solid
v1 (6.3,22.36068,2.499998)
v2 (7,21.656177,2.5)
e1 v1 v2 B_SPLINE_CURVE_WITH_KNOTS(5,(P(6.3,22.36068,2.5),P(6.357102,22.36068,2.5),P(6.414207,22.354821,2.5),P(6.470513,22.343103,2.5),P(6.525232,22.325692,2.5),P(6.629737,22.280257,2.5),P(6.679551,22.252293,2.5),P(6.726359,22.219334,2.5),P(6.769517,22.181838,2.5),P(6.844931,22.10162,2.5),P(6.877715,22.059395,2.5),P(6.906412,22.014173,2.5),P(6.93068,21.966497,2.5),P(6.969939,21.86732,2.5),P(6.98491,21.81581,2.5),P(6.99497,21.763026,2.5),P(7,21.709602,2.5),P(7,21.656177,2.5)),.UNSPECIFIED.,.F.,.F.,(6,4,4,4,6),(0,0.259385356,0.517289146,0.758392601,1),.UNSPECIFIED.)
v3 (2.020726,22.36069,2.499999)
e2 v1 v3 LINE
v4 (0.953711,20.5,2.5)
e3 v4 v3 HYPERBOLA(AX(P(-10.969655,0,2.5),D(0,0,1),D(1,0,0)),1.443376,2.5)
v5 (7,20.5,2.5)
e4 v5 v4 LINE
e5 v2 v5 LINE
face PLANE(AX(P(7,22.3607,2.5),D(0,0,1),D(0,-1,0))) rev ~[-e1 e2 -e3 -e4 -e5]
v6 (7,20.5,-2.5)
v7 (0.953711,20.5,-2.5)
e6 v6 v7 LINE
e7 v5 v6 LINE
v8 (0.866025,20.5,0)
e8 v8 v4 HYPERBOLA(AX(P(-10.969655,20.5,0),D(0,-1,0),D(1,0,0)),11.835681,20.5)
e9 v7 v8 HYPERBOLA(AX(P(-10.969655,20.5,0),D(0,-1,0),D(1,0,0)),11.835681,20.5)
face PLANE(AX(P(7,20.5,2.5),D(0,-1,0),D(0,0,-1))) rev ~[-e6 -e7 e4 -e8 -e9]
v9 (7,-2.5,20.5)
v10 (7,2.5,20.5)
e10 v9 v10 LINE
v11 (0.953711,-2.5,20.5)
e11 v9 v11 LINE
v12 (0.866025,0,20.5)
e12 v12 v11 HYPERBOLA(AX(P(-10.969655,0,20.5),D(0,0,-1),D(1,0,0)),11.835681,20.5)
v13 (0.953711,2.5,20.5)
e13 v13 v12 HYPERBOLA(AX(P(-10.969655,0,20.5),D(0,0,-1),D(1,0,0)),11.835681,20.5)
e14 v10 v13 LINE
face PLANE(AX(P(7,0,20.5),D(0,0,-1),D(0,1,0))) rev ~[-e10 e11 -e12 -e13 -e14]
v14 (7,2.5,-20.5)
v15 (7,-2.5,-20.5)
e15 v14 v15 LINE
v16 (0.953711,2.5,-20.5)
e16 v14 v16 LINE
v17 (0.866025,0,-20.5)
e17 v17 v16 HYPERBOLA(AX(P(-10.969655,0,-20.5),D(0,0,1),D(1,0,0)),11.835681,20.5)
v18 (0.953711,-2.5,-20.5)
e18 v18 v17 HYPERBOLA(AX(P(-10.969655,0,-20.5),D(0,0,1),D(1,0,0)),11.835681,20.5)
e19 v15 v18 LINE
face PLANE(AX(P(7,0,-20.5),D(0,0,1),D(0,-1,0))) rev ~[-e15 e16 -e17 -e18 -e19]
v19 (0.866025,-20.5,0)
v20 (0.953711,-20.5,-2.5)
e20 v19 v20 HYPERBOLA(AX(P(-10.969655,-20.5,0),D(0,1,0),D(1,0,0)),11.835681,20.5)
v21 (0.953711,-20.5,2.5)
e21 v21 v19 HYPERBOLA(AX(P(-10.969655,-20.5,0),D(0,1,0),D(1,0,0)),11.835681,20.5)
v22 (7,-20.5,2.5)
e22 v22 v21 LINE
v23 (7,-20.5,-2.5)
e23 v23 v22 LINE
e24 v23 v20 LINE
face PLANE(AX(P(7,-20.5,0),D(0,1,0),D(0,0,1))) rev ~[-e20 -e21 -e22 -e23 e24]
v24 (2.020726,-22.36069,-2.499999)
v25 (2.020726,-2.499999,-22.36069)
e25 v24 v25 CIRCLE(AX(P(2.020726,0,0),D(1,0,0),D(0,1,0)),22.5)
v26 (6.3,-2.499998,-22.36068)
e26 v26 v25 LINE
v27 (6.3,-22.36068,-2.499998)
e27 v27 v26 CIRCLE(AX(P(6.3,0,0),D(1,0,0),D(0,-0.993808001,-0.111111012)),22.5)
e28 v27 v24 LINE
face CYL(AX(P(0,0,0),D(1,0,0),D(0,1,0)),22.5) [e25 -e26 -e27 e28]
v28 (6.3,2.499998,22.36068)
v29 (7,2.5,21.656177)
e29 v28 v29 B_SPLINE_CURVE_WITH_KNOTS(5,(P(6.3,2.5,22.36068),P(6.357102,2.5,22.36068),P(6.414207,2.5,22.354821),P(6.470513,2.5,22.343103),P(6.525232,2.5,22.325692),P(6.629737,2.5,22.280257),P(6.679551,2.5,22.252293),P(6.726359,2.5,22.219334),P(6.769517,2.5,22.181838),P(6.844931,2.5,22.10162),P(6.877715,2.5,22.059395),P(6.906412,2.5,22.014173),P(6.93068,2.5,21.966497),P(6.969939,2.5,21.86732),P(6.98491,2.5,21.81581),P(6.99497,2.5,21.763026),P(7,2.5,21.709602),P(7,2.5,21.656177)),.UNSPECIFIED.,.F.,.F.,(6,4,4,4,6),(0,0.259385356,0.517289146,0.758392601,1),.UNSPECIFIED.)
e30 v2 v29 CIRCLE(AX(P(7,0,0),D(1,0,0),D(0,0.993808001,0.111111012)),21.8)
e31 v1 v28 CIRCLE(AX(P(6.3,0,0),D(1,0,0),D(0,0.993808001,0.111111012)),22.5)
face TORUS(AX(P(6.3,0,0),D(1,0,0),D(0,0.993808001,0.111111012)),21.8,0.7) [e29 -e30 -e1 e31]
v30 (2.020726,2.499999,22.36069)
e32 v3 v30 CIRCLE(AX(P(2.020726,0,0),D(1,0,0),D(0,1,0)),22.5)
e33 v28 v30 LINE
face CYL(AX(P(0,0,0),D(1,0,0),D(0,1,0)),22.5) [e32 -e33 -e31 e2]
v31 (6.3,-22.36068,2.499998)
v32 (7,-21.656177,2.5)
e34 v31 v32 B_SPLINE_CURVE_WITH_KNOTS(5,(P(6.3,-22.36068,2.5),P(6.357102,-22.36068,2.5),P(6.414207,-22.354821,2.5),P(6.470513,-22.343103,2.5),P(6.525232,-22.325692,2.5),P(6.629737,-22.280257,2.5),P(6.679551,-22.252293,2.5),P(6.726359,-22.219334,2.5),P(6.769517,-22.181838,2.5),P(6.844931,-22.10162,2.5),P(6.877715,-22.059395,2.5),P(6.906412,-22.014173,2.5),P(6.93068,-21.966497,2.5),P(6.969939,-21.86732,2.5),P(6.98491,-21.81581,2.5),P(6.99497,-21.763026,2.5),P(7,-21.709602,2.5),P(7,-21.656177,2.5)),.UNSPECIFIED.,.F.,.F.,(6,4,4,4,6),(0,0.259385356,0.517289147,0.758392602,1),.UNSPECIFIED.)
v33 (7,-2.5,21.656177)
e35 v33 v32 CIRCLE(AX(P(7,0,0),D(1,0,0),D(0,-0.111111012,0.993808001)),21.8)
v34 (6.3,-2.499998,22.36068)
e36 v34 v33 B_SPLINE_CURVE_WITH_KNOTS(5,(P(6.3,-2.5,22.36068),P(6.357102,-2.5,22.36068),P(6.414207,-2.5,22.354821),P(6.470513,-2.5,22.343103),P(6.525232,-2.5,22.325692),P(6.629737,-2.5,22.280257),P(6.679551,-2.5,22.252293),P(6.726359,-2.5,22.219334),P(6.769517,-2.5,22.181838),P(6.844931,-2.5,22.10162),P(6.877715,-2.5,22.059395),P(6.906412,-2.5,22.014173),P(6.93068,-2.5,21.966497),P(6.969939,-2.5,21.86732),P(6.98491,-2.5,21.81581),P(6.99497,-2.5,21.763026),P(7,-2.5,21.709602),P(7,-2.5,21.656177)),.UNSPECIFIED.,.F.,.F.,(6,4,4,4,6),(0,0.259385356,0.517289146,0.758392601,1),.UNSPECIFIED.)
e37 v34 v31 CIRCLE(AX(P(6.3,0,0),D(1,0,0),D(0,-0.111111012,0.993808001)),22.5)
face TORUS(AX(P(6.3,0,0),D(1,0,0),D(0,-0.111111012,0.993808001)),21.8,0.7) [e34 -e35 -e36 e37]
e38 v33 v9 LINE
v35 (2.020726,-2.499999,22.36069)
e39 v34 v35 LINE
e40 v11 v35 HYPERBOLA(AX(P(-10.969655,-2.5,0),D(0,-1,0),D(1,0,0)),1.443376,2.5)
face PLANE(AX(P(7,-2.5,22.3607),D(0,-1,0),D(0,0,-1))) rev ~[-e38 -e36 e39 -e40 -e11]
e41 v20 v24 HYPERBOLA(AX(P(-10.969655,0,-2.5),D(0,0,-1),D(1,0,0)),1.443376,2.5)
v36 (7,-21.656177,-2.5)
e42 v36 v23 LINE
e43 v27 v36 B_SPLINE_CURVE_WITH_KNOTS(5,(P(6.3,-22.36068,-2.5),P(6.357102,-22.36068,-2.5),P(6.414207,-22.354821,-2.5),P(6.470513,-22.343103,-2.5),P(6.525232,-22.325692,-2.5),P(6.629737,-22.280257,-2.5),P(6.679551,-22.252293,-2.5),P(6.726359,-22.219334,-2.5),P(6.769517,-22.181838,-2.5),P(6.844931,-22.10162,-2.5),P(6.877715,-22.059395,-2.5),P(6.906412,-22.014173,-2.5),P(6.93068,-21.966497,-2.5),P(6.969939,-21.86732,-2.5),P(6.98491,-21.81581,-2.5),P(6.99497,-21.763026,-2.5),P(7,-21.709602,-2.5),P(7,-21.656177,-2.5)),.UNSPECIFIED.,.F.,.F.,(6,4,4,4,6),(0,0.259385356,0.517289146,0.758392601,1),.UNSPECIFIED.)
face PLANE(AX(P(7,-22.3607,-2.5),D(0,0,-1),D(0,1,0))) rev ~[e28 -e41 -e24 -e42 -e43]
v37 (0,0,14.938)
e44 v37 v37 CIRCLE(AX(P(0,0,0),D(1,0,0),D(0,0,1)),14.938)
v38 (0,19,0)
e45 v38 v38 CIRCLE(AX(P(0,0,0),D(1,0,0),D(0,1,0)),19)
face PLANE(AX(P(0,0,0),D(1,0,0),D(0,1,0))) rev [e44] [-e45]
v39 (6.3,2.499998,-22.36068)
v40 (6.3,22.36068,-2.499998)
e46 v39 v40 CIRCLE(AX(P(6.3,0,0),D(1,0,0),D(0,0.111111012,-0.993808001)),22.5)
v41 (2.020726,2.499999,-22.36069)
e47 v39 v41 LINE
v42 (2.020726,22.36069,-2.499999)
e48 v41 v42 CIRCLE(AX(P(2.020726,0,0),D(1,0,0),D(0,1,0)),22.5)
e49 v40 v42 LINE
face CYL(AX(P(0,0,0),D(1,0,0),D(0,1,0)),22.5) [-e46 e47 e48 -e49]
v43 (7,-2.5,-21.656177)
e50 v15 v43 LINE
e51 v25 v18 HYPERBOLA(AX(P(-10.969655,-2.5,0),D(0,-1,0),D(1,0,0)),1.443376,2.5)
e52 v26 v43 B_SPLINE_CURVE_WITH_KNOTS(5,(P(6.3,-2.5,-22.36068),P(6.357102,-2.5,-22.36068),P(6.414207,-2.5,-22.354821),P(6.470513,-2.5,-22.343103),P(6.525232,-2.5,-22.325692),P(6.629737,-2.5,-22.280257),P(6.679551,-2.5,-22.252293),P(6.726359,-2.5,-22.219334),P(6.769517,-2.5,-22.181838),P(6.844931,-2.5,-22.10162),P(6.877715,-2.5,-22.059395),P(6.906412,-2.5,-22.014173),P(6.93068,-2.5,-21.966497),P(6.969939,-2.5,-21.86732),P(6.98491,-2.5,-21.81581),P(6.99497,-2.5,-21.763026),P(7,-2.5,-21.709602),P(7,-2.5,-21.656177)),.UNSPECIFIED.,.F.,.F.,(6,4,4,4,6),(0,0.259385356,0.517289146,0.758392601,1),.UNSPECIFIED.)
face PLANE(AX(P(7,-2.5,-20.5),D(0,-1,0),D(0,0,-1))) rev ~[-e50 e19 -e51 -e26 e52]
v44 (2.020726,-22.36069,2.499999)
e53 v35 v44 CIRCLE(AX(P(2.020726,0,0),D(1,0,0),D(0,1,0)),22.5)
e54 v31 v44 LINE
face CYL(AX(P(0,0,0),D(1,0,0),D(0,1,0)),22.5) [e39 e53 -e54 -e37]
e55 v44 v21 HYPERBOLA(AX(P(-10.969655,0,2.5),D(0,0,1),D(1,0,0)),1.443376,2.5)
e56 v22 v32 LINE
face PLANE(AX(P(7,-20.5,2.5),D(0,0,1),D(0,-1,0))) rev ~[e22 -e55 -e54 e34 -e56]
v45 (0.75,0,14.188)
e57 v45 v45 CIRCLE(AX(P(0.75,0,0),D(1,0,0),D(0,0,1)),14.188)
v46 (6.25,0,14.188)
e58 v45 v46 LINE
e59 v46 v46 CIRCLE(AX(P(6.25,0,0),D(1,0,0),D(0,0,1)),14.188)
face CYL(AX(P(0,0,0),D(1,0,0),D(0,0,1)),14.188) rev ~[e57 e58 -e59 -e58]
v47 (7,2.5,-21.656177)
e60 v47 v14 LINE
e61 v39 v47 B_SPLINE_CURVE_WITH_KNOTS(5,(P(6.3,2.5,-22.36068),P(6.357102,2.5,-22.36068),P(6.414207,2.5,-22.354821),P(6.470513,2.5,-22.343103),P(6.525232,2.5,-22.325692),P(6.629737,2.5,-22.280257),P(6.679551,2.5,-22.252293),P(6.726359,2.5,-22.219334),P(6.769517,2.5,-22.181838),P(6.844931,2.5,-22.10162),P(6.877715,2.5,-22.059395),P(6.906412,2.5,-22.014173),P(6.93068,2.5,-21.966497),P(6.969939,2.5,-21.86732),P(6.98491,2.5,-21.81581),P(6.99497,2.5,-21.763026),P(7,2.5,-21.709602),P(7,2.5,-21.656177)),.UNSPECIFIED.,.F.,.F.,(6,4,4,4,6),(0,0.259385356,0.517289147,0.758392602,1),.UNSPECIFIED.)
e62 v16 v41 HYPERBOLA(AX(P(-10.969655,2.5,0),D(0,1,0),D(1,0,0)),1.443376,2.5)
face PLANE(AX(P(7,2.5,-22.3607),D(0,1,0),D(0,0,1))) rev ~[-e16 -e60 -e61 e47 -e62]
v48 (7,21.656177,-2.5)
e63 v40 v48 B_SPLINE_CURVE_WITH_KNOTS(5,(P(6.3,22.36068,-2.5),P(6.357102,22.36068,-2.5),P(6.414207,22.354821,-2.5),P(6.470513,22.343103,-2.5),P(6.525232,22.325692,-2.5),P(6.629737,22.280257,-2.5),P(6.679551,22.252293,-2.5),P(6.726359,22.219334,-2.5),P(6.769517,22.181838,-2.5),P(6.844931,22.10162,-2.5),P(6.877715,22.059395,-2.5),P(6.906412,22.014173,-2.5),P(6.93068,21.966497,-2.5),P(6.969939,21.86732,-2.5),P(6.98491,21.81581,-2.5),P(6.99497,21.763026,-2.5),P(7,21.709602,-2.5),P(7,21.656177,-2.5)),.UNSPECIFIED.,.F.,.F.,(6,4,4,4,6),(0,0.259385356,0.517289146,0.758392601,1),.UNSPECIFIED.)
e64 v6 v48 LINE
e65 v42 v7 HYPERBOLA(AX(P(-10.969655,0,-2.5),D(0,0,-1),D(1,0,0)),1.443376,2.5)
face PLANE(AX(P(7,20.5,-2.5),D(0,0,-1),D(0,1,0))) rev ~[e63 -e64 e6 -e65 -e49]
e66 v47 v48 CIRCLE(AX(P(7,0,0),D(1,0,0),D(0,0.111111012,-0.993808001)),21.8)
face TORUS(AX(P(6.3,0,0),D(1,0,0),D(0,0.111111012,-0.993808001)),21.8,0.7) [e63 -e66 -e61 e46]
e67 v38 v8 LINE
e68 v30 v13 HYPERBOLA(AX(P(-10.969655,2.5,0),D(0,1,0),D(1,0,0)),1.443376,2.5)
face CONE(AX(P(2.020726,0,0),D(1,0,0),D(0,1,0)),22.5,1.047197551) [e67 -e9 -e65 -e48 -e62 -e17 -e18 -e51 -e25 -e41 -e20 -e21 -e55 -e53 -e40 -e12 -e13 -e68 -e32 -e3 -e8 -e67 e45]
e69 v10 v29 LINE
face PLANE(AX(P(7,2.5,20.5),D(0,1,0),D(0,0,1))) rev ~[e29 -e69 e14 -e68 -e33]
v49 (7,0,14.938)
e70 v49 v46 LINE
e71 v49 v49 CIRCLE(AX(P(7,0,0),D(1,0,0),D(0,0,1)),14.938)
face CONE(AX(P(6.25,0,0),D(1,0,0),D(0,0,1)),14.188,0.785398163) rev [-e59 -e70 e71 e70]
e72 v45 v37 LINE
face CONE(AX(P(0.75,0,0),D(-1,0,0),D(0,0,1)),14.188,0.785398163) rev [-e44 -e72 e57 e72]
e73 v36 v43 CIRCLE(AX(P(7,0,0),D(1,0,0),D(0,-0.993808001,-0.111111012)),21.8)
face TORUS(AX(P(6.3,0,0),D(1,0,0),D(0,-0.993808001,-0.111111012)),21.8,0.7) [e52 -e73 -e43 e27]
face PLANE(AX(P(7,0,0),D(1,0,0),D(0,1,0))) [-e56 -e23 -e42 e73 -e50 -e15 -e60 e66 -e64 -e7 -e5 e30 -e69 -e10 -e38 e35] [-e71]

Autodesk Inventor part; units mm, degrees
ref_plane "YZ Plane" through (0, 0, 0) normal (1, 0, 0) x (0, 1, 0)
ref_plane "XZ Plane" through (0, 0, 0) normal (0, 1, 0) x (-1, 0, 0)
sketch "Sketch1" plane through (0, 0, 0) normal (0, 0, 1) x (1, 0, 0)
  line L0 (0, 0) -> (7, 0)
  line L1 (0, 0) -> (0, 22.5)
  line L2 (0, 22.5) -> (7, 22.5)
  line L3 (7, 22.5) -> (7, 0)
  line L4 (0, 27) -> (0, -4.5) projected
  line L5 (-1.4, 0) -> (8.4, 0) projected
  dimension "d1" = 45
  dimension "d2" = 7
revolve "Body" add sketch "Sketch1" angle 360 about axis through (0, 0, 0) along (1, 0, 0)
sketch "Sketch2" plane through (0, 0, 0) normal (-1, 0, 0) x (0, 0, 1)
  circle A0 centre (0, 0) radius 22.5 projected
  point P0 (0, 0)
hole "Thread" at (0, 0, 0) direction (1, 0, 0) diameter 28.376 end through all thread size "M30x1.5" class "6H" standard "ANSI Metric M Profile"
chamfer "Chamfer1" distance 3.5 angle 30 1 edges at (0, -22.5, 0) measured on face at (0, 19.4769, -2.3649)
sketch "Sketch3" plane through (7, 0, 0) normal (1, 0, 0) x (0, 0, -1)
  circle A0 centre (0, 0) radius 22.5 projected
  line L0 (-2.5, 22.3607) -> (-2.5, 20.5)
  line L1 (-2.5, 20.5) -> (2.5, 20.5)
  line L2 (2.5, 20.5) -> (2.5, 22.3607)
  line L3 (0, -31.5) -> (0, 31.5) projected
  line L4 (-31.5, 0) -> (31.5, 0) projected
  dimension "d12" = 2.5
  dimension "d13" = 2.5
  dimension "d14" = 20.5
extrude "Groove1" cut sketch "Sketch3" against normal through all contours L2 L1 L3 A0 | L3 L1 L0 A0
pattern_circular "Grooves1" count 4 over 360 about axis through (-10, 0, 0) along (1, 0, 0) of "Groove1"
fillet "Fillet1" radius 0.7 4 edges at (7, 15.9099, 15.9099) (7, 15.9099, -15.9099) (7, -15.9099, -15.9099) (7, -15.9099, 15.9099)
chamfer "Chamfer2" distance 0.75 angle 45 1 edges at (7, 0, -14.188) measured on face at (7, 17.4258, 7.9613)
chamfer "Chamfer3" distance 0.75 angle 45 1 edges at (0, 0, -14.188) measured on face at (0, 17.1775, -2.0857)
ref_plane "Work Plane1" through (64.0234, 0, 0) normal (0, 1, 0) x (-1, 0, 0)
equation "\"d1\" = SD2"
equation "\"d2\" = KOH"
equation "\"d12\" = 0.5 * SNB"
equation "\"d13\" = 0.5 * SNB"
equation "\"d14\" = 0.5 * SD2 - SNT"
equation "\"d10\" = -0.5 * LADI + 0.5 * SD2"
equation "\"d11\" = FAWI2"
equation "\"d40\" = -0.5 * LADI + 0.5 * SD2"
equation "\"d18\" = RR"
equation "\"d19\" = 0.025 * NND"
equation "\"d41\" = 0.025 * NND"
equation "\"d21\" = 0.025 * NND"
equation "\"d42\" = 0.025 * NND"
equation "\"KOH\" = 7"
equation "\"SD2\" = 45"
equation "\"SNB\" = 5"
equation "\"SNT\" = 2"
equation "\"LADI\" = 38"
equation "\"RR\" = 0.1 * KOH"
equation "\"FAWI2\" = 30deg"
equation "\"GUL\" = 0.541266 * PTC"
equation "\"TOA\" = 30deg"
equation "\"PTC\" = 1.5"
equation "\"GAL\" = 0.541266 * PTC"
equation "\"NND\" = 30"
properties part number "ANSI/AFBMA Std 8.1 - KM 6" material "Steel, Mild"
